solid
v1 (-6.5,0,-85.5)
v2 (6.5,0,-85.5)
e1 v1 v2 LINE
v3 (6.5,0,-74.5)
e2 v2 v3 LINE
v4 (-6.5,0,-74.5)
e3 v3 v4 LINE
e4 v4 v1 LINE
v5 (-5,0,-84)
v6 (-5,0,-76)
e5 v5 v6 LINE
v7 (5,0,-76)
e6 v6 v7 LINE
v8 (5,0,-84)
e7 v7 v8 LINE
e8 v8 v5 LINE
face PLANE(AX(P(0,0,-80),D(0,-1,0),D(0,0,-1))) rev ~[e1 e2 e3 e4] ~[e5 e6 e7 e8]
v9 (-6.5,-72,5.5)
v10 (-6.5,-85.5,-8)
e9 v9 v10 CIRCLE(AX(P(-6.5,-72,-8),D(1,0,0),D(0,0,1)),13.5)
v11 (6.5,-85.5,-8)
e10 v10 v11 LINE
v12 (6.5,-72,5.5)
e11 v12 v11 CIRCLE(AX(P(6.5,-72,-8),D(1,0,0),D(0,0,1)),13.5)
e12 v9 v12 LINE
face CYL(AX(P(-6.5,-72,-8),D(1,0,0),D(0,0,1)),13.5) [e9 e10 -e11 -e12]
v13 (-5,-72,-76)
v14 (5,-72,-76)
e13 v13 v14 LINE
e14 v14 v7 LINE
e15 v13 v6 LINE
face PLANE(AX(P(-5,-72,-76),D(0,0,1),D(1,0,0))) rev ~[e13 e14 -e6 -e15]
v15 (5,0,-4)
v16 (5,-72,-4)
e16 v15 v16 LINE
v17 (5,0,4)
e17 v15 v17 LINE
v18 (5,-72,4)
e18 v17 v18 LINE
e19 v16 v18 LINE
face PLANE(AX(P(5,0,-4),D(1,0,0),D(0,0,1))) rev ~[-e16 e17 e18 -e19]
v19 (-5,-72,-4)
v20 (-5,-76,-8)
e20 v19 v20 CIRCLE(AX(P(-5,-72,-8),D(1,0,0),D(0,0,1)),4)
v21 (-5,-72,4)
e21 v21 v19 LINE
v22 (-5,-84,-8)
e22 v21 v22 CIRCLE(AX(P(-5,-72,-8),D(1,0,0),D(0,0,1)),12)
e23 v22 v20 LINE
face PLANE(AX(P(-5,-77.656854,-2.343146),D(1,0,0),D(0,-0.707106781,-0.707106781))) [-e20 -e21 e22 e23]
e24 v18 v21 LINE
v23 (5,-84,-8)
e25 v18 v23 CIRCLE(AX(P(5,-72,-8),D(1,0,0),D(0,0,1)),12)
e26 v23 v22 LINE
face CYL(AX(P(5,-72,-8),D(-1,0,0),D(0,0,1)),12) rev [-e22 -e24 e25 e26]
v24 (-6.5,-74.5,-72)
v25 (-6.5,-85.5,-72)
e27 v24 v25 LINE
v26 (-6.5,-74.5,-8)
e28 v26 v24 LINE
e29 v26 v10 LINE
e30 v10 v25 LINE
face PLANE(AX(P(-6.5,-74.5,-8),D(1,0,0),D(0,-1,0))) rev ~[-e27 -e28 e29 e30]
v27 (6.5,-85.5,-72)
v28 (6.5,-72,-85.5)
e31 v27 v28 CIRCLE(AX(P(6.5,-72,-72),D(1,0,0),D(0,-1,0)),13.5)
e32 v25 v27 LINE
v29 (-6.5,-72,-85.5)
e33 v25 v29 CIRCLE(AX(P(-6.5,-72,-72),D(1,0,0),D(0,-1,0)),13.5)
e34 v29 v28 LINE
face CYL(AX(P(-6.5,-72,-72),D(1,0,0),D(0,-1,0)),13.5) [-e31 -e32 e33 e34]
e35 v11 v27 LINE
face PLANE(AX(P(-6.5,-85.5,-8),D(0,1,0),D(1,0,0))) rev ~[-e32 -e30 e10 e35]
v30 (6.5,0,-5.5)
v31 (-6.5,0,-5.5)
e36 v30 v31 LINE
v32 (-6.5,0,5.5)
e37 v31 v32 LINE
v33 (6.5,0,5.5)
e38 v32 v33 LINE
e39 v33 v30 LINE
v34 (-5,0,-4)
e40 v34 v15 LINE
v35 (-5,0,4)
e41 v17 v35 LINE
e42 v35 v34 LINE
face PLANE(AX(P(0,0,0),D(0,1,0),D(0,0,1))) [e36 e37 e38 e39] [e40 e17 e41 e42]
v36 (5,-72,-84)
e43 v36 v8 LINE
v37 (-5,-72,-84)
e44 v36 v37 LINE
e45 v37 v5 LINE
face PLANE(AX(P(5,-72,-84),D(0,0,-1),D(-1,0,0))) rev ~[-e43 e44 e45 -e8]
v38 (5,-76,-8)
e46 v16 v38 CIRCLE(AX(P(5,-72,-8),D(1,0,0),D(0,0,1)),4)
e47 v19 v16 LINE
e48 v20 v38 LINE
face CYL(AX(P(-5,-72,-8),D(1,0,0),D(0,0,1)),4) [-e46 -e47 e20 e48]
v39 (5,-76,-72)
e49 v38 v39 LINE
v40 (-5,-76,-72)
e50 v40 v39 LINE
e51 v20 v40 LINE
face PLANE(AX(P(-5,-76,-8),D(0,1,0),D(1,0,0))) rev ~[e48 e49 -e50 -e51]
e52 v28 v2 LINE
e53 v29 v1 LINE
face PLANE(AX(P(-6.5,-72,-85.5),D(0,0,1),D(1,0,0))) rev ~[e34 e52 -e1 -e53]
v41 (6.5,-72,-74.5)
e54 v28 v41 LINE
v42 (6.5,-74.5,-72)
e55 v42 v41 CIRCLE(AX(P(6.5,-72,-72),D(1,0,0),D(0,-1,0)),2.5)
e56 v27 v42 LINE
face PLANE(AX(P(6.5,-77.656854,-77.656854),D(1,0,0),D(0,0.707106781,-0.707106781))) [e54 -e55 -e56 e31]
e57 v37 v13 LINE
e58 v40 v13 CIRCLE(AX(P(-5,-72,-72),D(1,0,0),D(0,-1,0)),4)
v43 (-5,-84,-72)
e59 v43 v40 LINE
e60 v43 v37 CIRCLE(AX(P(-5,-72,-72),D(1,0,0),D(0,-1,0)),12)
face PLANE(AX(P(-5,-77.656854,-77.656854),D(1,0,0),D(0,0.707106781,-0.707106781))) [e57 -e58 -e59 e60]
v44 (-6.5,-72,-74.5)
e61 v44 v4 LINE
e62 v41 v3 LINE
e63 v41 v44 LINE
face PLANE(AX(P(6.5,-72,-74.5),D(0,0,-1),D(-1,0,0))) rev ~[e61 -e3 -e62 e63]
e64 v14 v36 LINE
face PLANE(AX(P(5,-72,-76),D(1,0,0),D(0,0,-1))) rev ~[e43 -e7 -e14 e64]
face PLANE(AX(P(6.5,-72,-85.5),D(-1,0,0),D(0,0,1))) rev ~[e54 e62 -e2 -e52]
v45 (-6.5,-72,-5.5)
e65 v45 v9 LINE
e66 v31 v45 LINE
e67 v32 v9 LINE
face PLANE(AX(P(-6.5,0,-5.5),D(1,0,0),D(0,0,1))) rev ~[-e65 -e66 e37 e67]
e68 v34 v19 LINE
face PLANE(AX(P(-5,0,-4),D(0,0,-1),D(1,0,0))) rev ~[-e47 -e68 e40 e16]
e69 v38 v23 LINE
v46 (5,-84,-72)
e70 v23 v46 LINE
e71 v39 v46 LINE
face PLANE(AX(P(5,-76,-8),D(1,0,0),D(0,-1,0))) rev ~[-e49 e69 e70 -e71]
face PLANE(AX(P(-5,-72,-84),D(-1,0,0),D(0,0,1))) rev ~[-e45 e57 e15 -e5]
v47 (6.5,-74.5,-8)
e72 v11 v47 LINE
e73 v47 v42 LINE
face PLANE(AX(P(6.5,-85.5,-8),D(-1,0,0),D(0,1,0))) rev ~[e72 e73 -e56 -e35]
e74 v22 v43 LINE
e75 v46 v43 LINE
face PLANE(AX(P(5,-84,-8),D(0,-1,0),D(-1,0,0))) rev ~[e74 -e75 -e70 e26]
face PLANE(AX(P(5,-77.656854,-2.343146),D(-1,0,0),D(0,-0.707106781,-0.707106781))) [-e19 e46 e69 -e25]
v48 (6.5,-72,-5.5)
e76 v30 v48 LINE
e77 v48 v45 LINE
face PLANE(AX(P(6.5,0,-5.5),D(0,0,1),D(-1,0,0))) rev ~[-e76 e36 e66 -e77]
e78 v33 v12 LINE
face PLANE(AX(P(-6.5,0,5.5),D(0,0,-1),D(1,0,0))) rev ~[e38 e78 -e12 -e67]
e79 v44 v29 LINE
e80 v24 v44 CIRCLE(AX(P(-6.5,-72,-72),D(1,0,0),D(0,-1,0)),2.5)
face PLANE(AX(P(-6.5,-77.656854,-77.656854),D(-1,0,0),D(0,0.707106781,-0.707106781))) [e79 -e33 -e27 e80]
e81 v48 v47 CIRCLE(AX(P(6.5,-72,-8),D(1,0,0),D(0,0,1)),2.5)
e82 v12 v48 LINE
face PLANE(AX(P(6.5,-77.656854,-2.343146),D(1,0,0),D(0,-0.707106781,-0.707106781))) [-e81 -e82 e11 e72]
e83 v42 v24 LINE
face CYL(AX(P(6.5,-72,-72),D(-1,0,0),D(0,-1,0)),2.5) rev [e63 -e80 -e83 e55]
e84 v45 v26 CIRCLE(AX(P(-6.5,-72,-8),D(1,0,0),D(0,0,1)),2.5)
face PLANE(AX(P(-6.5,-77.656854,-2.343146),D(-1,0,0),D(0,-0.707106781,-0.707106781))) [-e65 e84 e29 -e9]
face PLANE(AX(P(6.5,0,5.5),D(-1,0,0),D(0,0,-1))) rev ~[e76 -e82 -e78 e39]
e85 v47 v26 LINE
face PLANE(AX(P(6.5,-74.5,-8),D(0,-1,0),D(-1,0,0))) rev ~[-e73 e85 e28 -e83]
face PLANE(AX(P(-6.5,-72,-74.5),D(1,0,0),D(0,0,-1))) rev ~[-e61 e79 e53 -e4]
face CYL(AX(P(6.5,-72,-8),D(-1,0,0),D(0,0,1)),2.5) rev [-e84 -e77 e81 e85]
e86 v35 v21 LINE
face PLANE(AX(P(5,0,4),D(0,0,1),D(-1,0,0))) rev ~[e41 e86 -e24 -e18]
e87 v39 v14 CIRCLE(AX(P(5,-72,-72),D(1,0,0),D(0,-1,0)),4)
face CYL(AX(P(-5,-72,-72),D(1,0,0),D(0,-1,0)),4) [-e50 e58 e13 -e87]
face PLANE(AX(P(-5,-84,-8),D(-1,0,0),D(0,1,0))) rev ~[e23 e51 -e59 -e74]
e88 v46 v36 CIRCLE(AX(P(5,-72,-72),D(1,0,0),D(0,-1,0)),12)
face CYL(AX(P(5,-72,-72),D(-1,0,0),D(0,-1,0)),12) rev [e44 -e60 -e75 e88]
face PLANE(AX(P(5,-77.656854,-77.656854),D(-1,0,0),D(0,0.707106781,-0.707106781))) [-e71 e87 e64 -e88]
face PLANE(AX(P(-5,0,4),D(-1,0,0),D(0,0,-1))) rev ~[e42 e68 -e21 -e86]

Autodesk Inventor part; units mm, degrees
ref_plane "YZ Plane" through (0, 0, 0) normal (1, 0, 0) x (0, 1, 0)
ref_plane "XZ Plane" through (0, 0, 0) normal (0, 1, 0) x (-1, 0, 0)
ref_plane "XY Plane" through (0, 0, 0) normal (0, 0, 1) x (1, 0, 0)
sketch "Sketch1" plane through (0, 0, 0) normal (1, 0, 0) x (0, 1, 0)
  line L0 (0, 0) -> (-72, 0)
  line L1 (-80, -8) -> (-80, -72)
  line L2 (-72, -80) -> (0, -80)
  arc A0 (-72, 0) -> (-80, -8) centre (-72, -8) ccw
  arc A1 (-80, -72) -> (-72, -80) centre (-72, -72) ccw
  point P0 (-80, 0)
  point P1 (-80, -80)
  dimension "d0" = 80
  dimension "d1" = 80
  dimension "d2" = 80
  dimension "d3" = 8
sketch "Sketch2" plane through (0, 0, 0) normal (0, 1, 0) x (-1, 0, 0)
  line L0 (-5, 4) -> (5, 4)
  line L1 (5, 4) -> (5, -4)
  line L2 (5, -4) -> (-5, -4)
  line L3 (-5, -4) -> (-5, 4)
  line L4 (-5, 4) -> (5, -4) construction
  line L5 (5, 4) -> (-5, -4) construction
  line L6 (-6.5, -5.5) -> (6.5, -5.5)
  line L7 (6.5, -5.5) -> (6.5, 5.5)
  line L8 (6.5, 5.5) -> (-6.5, 5.5)
  line L9 (-6.5, 5.5) -> (-6.5, -5.5)
  point P0 (0, 0)
  dimension "d4" = 10
  dimension "d5" = 8
  dimension "d6" = 1.5
sweep "Sweep1" add profiles "Sketch2" path "Sketch1"
properties part number "Part323deabril"
